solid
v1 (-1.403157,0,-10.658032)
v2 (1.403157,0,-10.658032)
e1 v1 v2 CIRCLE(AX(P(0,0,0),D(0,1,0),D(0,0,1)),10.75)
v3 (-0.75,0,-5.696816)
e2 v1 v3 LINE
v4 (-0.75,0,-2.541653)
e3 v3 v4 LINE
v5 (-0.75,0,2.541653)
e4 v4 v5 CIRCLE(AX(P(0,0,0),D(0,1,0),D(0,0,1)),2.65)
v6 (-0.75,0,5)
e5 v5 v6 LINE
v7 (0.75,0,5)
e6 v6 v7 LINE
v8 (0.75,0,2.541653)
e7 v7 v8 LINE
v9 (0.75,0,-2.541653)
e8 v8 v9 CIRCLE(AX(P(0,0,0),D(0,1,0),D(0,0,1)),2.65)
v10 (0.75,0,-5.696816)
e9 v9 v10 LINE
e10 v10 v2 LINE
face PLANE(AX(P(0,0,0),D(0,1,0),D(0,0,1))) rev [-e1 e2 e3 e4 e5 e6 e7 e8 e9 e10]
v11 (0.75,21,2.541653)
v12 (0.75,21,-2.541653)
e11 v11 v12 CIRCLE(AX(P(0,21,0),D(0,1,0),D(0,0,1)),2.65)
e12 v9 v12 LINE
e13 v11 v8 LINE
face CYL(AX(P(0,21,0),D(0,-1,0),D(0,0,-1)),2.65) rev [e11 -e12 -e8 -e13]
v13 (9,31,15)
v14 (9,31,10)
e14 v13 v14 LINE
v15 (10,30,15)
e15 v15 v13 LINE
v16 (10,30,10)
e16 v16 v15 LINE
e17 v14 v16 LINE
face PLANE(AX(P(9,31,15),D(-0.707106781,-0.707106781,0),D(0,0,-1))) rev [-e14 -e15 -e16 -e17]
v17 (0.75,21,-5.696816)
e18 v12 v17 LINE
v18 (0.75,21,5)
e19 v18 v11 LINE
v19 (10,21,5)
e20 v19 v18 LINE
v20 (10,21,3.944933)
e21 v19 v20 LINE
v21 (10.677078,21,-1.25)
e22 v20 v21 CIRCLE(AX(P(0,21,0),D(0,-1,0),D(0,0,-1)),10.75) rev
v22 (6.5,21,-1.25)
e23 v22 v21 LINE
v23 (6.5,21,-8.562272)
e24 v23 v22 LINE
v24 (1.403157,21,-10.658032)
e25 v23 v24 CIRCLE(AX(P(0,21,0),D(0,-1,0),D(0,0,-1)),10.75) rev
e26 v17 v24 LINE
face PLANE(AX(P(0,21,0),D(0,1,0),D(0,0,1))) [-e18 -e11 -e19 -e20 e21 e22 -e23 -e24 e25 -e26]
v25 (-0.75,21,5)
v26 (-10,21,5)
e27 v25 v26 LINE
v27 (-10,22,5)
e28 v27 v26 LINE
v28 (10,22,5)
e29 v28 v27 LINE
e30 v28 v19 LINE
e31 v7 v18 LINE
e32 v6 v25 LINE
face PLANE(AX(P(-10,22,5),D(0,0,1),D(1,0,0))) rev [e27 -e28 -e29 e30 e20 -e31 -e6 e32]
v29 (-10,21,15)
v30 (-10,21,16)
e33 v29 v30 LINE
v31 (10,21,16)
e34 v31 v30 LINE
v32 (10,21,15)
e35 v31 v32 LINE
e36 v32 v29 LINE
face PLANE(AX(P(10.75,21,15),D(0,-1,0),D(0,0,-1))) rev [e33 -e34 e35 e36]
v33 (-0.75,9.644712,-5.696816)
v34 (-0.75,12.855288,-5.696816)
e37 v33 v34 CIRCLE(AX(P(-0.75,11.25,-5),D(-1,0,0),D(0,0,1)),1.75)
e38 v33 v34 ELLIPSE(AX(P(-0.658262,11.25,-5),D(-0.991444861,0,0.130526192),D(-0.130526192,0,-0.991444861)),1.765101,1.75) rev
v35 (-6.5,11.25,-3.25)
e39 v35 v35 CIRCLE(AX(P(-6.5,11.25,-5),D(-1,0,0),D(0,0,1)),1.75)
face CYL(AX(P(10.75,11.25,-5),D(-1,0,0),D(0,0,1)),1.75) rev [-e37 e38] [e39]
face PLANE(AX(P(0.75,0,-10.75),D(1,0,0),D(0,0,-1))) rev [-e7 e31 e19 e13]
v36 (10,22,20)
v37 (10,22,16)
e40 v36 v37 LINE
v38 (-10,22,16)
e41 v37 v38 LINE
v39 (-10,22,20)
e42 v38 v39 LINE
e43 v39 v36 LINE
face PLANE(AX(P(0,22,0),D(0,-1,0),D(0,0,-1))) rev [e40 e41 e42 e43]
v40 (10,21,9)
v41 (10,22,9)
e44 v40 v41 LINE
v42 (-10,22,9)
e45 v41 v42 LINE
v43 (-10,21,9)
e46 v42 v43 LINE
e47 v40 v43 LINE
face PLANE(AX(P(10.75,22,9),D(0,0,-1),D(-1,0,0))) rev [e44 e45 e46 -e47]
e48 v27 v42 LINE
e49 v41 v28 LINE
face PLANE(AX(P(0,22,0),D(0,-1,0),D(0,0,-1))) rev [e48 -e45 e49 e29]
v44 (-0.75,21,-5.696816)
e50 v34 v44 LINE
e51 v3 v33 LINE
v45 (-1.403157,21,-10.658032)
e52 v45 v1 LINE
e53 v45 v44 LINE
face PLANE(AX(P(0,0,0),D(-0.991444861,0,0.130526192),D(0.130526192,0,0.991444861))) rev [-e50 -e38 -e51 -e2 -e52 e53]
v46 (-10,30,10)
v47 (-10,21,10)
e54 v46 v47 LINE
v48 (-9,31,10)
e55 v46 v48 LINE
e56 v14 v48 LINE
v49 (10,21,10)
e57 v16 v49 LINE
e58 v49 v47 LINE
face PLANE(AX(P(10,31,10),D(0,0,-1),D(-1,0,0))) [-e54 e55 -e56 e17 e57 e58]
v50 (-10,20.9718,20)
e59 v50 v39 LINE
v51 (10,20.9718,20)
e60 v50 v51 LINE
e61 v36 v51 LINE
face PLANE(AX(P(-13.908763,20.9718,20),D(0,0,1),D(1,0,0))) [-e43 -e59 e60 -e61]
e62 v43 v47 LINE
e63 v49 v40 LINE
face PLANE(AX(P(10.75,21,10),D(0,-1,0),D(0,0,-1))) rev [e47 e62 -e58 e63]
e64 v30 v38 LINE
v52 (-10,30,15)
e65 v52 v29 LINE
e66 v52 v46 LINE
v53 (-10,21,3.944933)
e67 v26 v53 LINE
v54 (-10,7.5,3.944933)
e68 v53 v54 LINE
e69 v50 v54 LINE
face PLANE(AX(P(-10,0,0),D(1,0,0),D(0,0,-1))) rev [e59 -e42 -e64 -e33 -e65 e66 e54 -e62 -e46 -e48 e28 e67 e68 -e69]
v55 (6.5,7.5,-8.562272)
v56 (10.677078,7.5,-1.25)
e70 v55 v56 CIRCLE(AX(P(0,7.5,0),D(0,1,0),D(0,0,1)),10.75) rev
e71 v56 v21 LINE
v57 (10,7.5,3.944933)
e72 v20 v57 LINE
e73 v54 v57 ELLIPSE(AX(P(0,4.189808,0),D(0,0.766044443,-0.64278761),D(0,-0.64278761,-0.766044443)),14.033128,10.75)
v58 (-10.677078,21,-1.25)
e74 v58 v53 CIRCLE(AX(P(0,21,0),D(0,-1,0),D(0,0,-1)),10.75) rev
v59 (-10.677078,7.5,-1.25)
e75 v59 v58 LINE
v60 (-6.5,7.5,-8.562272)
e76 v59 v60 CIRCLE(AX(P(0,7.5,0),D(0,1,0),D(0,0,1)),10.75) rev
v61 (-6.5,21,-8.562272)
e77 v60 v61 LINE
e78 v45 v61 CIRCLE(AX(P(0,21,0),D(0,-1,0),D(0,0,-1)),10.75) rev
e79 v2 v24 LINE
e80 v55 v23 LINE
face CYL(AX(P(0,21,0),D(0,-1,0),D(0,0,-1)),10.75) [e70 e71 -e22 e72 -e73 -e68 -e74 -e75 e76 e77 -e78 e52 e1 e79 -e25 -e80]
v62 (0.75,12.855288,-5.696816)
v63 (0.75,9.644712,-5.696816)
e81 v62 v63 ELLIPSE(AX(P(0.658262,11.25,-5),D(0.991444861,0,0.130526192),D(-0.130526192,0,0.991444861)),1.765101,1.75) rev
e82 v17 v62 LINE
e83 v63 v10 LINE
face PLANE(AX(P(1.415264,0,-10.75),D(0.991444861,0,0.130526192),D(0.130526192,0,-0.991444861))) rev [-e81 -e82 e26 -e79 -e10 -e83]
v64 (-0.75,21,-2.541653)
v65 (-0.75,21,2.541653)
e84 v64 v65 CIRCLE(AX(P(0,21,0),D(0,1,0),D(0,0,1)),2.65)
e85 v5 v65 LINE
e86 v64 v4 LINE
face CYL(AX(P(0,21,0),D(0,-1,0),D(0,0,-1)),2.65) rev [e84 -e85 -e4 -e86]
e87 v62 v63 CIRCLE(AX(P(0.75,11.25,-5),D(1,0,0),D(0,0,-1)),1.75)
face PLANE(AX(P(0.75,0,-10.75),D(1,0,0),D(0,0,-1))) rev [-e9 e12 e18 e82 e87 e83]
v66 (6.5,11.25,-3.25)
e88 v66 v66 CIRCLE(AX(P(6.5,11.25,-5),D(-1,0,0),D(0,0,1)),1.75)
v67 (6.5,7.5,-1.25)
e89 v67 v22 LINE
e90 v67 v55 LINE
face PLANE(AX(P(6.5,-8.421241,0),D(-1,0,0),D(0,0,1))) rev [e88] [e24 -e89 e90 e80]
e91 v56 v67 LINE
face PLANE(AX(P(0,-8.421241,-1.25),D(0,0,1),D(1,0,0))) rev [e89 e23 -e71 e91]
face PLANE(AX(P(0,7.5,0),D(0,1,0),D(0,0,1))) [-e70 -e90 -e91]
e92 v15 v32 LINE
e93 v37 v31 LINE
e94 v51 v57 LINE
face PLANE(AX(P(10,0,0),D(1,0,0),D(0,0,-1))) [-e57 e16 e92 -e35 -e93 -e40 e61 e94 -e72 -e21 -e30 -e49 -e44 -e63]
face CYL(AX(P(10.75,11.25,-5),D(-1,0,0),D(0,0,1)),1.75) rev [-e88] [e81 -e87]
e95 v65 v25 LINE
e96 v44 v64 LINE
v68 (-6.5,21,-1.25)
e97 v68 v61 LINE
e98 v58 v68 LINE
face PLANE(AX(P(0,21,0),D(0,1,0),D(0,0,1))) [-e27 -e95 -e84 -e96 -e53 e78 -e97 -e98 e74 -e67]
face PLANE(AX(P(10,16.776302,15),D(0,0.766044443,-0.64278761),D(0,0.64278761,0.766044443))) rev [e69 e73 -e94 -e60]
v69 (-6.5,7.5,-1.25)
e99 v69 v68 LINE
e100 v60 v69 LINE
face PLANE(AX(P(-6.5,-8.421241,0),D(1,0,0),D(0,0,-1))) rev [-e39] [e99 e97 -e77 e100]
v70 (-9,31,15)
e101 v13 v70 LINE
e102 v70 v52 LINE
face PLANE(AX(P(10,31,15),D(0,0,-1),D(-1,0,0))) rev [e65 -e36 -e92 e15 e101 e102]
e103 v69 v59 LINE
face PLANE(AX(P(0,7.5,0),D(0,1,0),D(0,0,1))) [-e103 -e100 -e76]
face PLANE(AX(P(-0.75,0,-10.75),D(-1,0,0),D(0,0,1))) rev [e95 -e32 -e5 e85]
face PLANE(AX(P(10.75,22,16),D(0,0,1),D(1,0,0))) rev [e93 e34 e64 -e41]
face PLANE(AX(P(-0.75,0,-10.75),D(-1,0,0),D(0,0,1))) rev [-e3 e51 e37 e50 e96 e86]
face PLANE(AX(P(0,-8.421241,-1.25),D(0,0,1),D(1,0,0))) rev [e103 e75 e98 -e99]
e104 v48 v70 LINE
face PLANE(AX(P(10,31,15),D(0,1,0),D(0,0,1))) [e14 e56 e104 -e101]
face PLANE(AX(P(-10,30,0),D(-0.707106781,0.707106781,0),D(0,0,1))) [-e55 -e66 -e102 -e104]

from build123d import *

# Parameters (mm, degrees)
SKICA1_R                      = 10.75
SKICA1_R_2                    = 2.65
P_IDAT_VYSUNUT_M1_DEPTH       = 21
ODEBRAT_VYSUNUT_M1_DEPTH      = 26.925373671
ODEBRAT_VYSUNUT_M1_DEPTH_BACK = 26.925373671
SKICA2_W                      = 1.5
SKICA2_H                      = 14.75
ODEBRAT_START                 = -13.5
ODEBRAT_VYSUNUT_M2_DEPTH      = 13.5
SKICA5_R                      = 1.75
ODEBRAT_VYSUNUT_M3_DEPTH      = 30.22541702
P_IDAT_VYSUNUT_M3_DEPTH       = 10
SKICA2_2_W                    = 1.5
SKICA2_2_H                    = 14.75
ODEBRAT_VYSUNUT_M4_DEPTH      = 28.95643933
P_IDAT_VYSUNUT_M6_DEPTH       = 20
ZKOSEN_1_SIZE                 = 1
SKICA9_W                      = 20
SKICA9_H                      = 2.57342531
SKICA9_H_2                    = 5
P_IDAT_VYSUNUT_M5_DEPTH       = 1
SKICA11_W                     = 1.5
SKICA11_H                     = 1
ODEBRAT_VYSUNUT_M5_DEPTH      = 30.41747401
ODEBRAT_VYSUNUT_M6_DEPTH      = 30.41747401
P_IDAT_VYSUNUT_M7_DEPTH       = 20
SKICA15_W                     = 1
SKICA15_H                     = 1
ODEBRAT_VYSUNUT_M8_DEPTH      = 43.326853179


with BuildPart() as part:
    # Skica1 → Přidat vysunutím1 (new body)
    with BuildSketch(Plane(origin=(0, 0, 0), x_dir=(1, 0, 0), z_dir=(0, 1, 0))):
        with Locations(Location((0, 0, 0), (0, 0, 90))):
            Circle(SKICA1_R)
        with Locations(Location((0, 0, 0), (0, 0, 90))):
            Circle(SKICA1_R_2, mode=Mode.SUBTRACT)
    extrude(amount=P_IDAT_VYSUNUT_M1_DEPTH)

    # Skica2 → Odebrat vysunutím1 (cut, two sides: drawn at the far end of the back side and taken through both)
    with BuildSketch(Plane(origin=(0, 21, 0), x_dir=(1, 0, 0), z_dir=(0, 1, 0)).offset(-ODEBRAT_VYSUNUT_M1_DEPTH_BACK)):
        with Locations((0, 3.375)):
            Rectangle(SKICA2_W, SKICA2_H)
    extrude(amount=ODEBRAT_VYSUNUT_M1_DEPTH + ODEBRAT_VYSUNUT_M1_DEPTH_BACK, mode=Mode.SUBTRACT)

    # Skica4 → Odebrat vysunutím2 (cut)
    with BuildSketch(Plane(origin=(0, 21, 0), x_dir=(1, 0, 0), z_dir=(0, 1, 0)).offset(ODEBRAT_START)):
        with BuildLine():
            ThreePointArc((-6.5, 8.562271895), (-9.334363095, 5.332182069), (-10.677078252, 1.25))
            Line((-10.677078252, 1.25), (-6.5, 1.25))
            Line((-6.5, 1.25), (-6.5, 8.562271895))
        make_face()
        with BuildLine():
            Line((6.5, 1.25), (10.677078252, 1.25))
            ThreePointArc((10.677078252, 1.25), (9.334363095, 5.332182069), (6.5, 8.562271895))
            Line((6.5, 8.562271895), (6.5, 1.25))
        make_face()
    extrude(amount=ODEBRAT_VYSUNUT_M2_DEPTH, mode=Mode.SUBTRACT)

    # Skica5 → Odebrat vysunutím3 (cut, through all)
    with BuildSketch(Plane.ZY.offset(6.5)):
        with Locations((-5, 11.25)):
            Circle(SKICA5_R)
    extrude(amount=-ODEBRAT_VYSUNUT_M3_DEPTH, mode=Mode.SUBTRACT)

    # Skica6 → Přidat vysunutím3 (add, symmetric)
    with BuildSketch(Plane(origin=(0, 0, 0), x_dir=(0, 0, -1), z_dir=(1, 0, 0))):
        Polygon((-15, 31), (-10, 31), (-10, 21), (-3.94493346, 21), (-3.94493346, 7.5), (-15, 16.776302257), align=None)
    extrude(amount=P_IDAT_VYSUNUT_M3_DEPTH, both=True)

    # Skica2<2> → Odebrat vysunutím4 (cut, through all)
    with BuildSketch(Plane(origin=(0, 21, 0), x_dir=(1, 0, 0), z_dir=(0, 1, 0))):
        with Locations((0, 3.375)):
            Rectangle(SKICA2_2_W, SKICA2_2_H)
    extrude(amount=-ODEBRAT_VYSUNUT_M4_DEPTH, mode=Mode.SUBTRACT)

    # Skica8 → Přidat vysunutím6 (add)
    with BuildSketch(Plane(origin=(10, 0, 0), x_dir=(0, 0, -1), z_dir=(1, 0, 0))):
        Polygon((-15, 16.776302257), (-17.57342531, 18.935662485), (-17.57342531, 21), (-15, 21), align=None)
    extrude(amount=-P_IDAT_VYSUNUT_M6_DEPTH)

    # Zkosení1
    zkosen_1_edges = [part.edges().sort_by_distance(p)[0] for p in [
        (10, 31, 12.5),
        (-10, 31, 12.5),
    ]]
    chamfer(zkosen_1_edges, length=ZKOSEN_1_SIZE)

    # Skica9 → Přidat vysunutím5 (add)
    with BuildSketch(Plane(origin=(0, 21, 0), x_dir=(1, 0, 0), z_dir=(0, 1, 0))):
        with Locations((0, -16.286712655)):
            Rectangle(SKICA9_W, SKICA9_H)
        with Locations((0, -7.5)):
            Rectangle(SKICA9_W, SKICA9_H_2)
    extrude(amount=P_IDAT_VYSUNUT_M5_DEPTH)

    # Skica11 → Odebrat vysunutím5 (cut, through all)
    with BuildSketch(Plane(origin=(0, 21, 0), x_dir=(1, 0, 0), z_dir=(0, 1, 0))):
        with Locations((0, -4.5)):
            Rectangle(SKICA11_W, SKICA11_H)
    extrude(amount=-ODEBRAT_VYSUNUT_M5_DEPTH, mode=Mode.SUBTRACT)

    # Skica12 → Odebrat vysunutím6 (cut, through all)
    with BuildSketch(Plane(origin=(0, 21, 0), x_dir=(1, 0, 0), z_dir=(0, 1, 0))):
        Polygon((0, 0), (-1.415264349, 10.75), (1.415264349, 10.75), align=None)
    extrude(amount=-ODEBRAT_VYSUNUT_M6_DEPTH, mode=Mode.SUBTRACT)

    # Skica13 → Přidat vysunutím7 (add)
    with BuildSketch(Plane(origin=(10, 0, 0), x_dir=(0, 0, -1), z_dir=(1, 0, 0))):
        Polygon((-17.57342531, 18.935662485), (-20, 20.971800413), (-20, 22), (-17.57342531, 22), align=None)
    extrude(amount=-P_IDAT_VYSUNUT_M7_DEPTH)

    # Skica15 → Odebrat vysunutím8 (cut, through all)
    with BuildSketch(Plane.ZY.offset(10)):
        with Locations((9.5, 21.5)):
            Rectangle(SKICA15_W, SKICA15_H)
        with Locations((15.5, 21.5)):
            Rectangle(SKICA15_W, SKICA15_H)
    extrude(amount=-ODEBRAT_VYSUNUT_M8_DEPTH, mode=Mode.SUBTRACT)


solid = part.part
